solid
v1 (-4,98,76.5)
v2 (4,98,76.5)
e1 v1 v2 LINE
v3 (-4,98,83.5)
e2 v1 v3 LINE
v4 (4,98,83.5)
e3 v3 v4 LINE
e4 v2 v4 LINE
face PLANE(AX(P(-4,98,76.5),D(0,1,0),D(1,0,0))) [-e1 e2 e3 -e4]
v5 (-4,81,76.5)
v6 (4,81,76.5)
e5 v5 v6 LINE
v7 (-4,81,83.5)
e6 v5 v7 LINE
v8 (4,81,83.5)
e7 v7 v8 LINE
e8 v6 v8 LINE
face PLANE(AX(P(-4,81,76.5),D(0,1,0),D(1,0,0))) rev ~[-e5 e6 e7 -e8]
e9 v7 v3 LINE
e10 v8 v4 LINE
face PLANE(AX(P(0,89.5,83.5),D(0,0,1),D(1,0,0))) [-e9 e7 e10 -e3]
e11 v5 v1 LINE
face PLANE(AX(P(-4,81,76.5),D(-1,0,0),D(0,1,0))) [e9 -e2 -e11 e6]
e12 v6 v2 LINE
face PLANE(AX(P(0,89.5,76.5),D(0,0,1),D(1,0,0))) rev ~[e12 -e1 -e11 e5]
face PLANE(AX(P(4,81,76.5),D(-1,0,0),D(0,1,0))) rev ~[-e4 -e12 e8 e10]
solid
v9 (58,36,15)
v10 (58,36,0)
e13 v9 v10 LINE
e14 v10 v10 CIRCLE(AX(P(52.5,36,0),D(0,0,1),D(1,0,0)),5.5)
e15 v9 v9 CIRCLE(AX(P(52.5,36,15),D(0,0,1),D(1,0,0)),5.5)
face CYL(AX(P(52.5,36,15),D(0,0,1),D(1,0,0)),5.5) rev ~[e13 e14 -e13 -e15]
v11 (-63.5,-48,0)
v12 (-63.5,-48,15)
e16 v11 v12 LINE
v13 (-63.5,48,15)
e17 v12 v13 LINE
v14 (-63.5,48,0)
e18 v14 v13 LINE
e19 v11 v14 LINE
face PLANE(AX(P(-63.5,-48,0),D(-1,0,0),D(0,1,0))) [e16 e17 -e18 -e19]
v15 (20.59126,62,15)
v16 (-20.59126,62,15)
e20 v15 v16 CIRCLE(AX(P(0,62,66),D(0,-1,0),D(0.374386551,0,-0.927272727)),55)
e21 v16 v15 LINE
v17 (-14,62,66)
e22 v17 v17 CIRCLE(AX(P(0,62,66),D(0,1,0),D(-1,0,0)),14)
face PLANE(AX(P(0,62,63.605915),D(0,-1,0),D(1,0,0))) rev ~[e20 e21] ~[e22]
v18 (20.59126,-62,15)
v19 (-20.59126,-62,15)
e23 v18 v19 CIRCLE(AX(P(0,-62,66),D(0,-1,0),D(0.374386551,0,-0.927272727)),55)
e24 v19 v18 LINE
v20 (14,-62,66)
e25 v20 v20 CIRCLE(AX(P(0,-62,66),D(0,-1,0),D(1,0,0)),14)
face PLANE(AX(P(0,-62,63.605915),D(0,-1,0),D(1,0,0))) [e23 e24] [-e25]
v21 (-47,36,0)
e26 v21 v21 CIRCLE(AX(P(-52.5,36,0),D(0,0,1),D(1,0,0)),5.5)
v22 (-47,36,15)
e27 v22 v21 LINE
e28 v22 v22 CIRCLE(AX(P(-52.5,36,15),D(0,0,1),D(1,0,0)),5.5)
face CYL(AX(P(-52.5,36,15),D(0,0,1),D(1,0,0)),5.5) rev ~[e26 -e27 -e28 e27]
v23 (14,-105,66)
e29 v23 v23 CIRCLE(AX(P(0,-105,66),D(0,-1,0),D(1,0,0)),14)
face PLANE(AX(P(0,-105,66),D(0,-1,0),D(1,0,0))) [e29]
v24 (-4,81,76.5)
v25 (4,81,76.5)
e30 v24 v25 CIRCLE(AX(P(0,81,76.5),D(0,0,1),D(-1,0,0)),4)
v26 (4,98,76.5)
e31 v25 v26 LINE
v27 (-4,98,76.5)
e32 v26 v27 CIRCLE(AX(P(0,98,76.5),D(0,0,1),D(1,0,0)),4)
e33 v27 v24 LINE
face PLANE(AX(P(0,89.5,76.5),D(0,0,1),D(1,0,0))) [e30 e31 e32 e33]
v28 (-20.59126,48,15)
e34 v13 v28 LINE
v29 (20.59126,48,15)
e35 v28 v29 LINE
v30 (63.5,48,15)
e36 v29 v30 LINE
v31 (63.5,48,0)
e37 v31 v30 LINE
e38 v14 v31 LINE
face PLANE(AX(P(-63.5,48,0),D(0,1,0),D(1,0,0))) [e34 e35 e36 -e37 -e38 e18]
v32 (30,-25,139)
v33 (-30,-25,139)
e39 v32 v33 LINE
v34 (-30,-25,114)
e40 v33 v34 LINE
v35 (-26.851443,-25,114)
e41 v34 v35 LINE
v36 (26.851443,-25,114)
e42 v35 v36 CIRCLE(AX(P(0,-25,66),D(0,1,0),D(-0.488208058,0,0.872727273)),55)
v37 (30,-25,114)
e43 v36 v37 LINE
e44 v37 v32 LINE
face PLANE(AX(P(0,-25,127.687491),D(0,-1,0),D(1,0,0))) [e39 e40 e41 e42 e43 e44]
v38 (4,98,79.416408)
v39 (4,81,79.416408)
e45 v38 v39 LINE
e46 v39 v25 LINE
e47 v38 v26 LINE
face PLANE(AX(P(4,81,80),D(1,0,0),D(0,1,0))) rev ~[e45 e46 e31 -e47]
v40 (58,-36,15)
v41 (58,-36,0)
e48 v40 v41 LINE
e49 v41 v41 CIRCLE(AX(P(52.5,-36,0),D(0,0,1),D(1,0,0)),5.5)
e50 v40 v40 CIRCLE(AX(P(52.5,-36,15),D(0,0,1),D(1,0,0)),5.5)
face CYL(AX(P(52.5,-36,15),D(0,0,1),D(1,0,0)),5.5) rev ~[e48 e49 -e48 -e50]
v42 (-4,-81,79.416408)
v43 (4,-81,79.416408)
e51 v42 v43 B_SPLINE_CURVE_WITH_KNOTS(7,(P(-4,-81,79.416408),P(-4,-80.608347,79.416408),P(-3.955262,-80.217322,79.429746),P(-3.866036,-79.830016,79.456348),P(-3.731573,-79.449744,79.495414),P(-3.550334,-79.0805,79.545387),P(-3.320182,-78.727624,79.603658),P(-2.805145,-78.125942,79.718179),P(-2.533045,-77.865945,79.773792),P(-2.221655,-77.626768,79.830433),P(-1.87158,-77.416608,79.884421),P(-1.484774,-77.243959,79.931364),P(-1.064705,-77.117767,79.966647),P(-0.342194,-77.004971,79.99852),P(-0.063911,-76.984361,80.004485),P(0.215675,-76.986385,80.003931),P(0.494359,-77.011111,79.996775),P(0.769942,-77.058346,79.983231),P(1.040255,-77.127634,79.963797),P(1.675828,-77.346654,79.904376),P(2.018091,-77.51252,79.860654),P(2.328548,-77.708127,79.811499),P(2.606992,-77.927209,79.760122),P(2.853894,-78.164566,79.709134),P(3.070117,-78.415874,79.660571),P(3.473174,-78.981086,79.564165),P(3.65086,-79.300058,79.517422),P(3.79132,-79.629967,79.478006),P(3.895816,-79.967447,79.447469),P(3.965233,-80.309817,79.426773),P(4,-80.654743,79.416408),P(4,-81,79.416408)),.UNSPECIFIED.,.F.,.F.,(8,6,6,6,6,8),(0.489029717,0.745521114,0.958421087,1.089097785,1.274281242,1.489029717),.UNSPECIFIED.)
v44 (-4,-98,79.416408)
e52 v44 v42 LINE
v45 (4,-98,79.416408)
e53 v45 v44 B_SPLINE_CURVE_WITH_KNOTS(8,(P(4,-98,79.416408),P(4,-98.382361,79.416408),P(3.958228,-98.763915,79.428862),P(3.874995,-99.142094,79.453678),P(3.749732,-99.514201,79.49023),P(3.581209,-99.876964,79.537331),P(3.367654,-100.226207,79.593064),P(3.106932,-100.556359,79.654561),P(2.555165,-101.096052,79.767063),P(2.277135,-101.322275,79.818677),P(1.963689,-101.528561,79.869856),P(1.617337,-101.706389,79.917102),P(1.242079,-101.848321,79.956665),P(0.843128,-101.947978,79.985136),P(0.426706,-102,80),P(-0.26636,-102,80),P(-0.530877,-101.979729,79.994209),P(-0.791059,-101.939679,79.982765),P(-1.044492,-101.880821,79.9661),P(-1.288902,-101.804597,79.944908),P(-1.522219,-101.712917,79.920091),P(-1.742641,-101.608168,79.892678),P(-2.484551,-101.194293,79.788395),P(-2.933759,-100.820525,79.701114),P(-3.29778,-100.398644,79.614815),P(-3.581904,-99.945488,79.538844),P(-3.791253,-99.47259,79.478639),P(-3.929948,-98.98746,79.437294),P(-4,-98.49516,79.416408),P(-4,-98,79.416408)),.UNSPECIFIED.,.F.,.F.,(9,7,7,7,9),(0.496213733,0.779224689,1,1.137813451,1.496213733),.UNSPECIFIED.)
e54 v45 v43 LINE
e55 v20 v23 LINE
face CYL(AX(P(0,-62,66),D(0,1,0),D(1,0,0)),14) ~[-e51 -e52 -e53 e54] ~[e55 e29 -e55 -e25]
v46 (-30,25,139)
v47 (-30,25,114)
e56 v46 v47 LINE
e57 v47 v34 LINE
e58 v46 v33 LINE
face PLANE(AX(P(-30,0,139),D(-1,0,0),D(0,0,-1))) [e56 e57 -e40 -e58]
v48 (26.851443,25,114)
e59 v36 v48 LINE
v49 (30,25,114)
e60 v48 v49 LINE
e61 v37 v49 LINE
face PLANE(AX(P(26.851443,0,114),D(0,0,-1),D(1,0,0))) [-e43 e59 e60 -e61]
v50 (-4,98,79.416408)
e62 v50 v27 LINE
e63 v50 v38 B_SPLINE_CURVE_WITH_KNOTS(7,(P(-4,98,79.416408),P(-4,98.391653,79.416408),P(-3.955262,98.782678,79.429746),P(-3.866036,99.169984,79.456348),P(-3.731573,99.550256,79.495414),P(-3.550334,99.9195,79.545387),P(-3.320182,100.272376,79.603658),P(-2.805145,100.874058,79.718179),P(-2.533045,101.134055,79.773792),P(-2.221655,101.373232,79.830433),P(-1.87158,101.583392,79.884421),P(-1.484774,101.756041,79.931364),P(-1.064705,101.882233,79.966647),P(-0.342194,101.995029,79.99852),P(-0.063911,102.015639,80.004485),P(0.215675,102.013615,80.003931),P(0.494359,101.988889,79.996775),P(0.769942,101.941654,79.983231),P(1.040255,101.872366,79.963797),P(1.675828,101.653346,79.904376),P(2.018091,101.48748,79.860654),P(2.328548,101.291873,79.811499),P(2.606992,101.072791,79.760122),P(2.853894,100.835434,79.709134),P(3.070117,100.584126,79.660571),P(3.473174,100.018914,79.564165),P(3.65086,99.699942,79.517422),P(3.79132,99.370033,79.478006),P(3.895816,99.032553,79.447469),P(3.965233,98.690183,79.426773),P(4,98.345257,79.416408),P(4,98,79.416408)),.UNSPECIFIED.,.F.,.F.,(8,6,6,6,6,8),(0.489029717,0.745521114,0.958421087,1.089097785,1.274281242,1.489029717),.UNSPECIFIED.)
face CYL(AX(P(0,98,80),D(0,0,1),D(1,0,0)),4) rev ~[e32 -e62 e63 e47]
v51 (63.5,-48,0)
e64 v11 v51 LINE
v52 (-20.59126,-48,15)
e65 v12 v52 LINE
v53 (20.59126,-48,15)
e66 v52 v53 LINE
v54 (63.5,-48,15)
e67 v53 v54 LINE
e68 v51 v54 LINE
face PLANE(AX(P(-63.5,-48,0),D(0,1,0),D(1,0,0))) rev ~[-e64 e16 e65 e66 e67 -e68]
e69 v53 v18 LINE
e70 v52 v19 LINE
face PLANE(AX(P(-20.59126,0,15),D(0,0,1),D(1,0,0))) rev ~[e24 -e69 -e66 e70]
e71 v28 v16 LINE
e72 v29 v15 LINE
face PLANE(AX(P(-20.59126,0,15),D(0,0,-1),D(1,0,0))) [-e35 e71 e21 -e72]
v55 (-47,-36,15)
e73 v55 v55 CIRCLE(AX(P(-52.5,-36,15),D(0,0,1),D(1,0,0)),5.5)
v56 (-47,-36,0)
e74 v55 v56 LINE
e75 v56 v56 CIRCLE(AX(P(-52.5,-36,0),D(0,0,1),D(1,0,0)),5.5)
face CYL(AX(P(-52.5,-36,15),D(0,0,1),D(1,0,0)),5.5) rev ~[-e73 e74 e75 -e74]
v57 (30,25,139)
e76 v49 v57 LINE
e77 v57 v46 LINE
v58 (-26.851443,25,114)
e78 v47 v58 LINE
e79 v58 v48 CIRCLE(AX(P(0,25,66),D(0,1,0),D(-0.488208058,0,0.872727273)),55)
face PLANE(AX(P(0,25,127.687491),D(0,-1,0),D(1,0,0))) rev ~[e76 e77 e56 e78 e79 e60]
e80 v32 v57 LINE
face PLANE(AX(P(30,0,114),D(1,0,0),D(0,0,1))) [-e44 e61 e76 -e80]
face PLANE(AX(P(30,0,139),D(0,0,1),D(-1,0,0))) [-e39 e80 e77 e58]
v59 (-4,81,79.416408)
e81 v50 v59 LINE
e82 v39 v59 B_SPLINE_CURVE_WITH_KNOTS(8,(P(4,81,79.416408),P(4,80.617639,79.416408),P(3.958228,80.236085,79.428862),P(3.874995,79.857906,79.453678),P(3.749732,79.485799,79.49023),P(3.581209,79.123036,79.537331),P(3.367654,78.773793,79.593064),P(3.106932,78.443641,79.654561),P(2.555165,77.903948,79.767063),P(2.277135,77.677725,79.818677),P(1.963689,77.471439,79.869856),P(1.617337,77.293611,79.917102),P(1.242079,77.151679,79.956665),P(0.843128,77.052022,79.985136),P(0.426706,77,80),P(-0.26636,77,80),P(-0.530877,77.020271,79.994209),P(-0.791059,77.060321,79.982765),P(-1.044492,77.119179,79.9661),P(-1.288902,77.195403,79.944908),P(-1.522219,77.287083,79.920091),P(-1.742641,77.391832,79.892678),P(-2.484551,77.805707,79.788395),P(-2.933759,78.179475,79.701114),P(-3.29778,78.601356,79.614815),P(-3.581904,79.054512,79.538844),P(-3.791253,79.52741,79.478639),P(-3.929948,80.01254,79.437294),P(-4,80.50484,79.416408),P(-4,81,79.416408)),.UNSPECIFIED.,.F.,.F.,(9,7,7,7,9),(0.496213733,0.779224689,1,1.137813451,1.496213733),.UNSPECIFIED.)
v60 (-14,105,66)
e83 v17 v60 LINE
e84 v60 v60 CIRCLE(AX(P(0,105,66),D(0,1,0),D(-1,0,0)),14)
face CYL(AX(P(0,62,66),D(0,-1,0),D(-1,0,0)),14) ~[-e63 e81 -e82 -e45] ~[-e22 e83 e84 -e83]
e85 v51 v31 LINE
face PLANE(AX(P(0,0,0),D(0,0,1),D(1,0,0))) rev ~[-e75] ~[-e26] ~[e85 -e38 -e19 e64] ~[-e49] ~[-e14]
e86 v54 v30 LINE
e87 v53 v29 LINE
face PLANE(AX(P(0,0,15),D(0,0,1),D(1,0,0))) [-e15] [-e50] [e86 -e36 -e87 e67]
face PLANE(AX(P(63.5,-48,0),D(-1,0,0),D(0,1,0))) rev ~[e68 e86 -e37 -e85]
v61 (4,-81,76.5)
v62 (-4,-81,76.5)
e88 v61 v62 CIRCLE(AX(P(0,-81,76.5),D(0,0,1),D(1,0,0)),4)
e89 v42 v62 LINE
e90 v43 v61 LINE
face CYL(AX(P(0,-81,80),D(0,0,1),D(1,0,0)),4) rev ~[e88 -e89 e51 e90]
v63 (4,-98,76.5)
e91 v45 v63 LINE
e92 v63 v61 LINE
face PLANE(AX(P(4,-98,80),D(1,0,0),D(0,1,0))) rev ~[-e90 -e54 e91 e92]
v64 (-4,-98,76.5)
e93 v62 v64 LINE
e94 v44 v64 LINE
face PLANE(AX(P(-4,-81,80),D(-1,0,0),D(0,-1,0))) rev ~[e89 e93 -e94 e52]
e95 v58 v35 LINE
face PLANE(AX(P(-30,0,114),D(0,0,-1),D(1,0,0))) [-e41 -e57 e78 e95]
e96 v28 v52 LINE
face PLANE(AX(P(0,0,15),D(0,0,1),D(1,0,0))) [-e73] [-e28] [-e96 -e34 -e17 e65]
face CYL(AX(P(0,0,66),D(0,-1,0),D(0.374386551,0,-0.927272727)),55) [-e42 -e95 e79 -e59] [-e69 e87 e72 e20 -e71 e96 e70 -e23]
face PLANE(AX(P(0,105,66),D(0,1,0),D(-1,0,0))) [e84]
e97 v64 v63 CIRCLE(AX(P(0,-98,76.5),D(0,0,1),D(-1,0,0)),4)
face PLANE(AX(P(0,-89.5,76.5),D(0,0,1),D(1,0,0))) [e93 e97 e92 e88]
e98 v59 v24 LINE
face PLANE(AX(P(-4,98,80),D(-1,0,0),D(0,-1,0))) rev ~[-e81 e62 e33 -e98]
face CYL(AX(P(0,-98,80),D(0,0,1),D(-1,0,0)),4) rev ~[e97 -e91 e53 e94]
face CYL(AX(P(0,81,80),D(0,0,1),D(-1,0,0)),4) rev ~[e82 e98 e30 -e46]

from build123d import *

# Parameters (mm, degrees)
F0_W           = 127
F0_H           = 96
F1_DEPTH       = 15
F3_DEPTH       = 62
F3_DEPTH_BACK  = 62
F4_R           = 14
F5_DEPTH       = 43
F6_R           = 14
F7_DEPTH       = 43
F10_DEPTH      = 3.5
F12_D          = 11
F12_DEPTH      = 15.001
F14_DEPTH      = 25
F14_DEPTH_BACK = 25
F15_W          = 8
F15_H          = 17
F16_DEPTH      = 7
F17_W          = 8
F17_H          = 17
F18_DEPTH      = 7


with BuildPart() as f1:
    # F0 (on Top) → F1 (new body)
    with BuildSketch(Plane.XY):
        Rectangle(F0_W, F0_H)
    extrude(amount=F1_DEPTH)

    # F2 (on Front) → F3 (join, two sides)
    with BuildSketch(Plane.XZ) as f3_sk:
        with BuildLine():
            Line((-20.591260282, 15), (20.591260282, 15))
            ThreePointArc((20.591260282, 15), (0, 121), (-20.591260282, 15))
        make_face()
    extrude(amount=F3_DEPTH)
    extrude(f3_sk.sketch, amount=-F3_DEPTH_BACK)

    # F4 (on face) → F5 (join)
    with BuildSketch(Plane(origin=(0, 62, 0), x_dir=(-1, 0, 0), z_dir=(0, 1, 0))):
        with Locations((0, 66)):
            Circle(F4_R)
    extrude(amount=F5_DEPTH)

    # F6 (on face) → F7 (join)
    with BuildSketch(Plane.XZ.offset(62)):
        with Locations((0, 66)):
            Circle(F6_R)
    extrude(amount=F7_DEPTH)

    # F9 (on offset) → F10 (cut)
    with BuildSketch(Plane.XY.offset(80)):
        with BuildLine():
            ThreePointArc((4, 98), (0, 102), (-4, 98))
            Line((-4, 98), (-4, 81))
            ThreePointArc((-4, 81), (0, 77), (4, 81))
            Line((4, 81), (4, 98))
        make_face()
        with BuildLine():
            ThreePointArc((4, -81), (0, -77), (-4, -81))
            Line((-4, -81), (-4, -98))
            ThreePointArc((-4, -98), (0, -102), (4, -98))
            Line((4, -98), (4, -81))
        make_face()
    extrude(amount=-F10_DEPTH, mode=Mode.SUBTRACT)

    # F12 (through all, one way)
    with BuildSketch(Plane.XY.offset(15)):
        with Locations((52.5, 36), (52.5, -36), (-52.5, -36), (-52.5, 36)):
            Circle(F12_D / 2)
    extrude(amount=-F12_DEPTH, mode=Mode.SUBTRACT)

    # F13 (on Front) → F14 (join, two sides)
    with BuildSketch(Plane.XZ) as f14_sk:
        with BuildLine():
            Line((30, 139), (-30, 139))
            Line((-30, 139), (-30, 114))
            Line((-30, 114), (-26.8514431642, 114))
            ThreePointArc((-26.8514431642, 114), (0, 121), (26.8514431642, 114))
            Line((26.8514431642, 114), (30, 114))
            Line((30, 114), (30, 139))
        make_face()
    extrude(amount=F14_DEPTH)
    extrude(f14_sk.sketch, amount=-F14_DEPTH_BACK)


with BuildPart() as f16:
    # F15 (on face) → F16 (new body)
    with BuildSketch(Plane.XY.offset(76.5)):
        with Locations((0, 89.5)):
            Rectangle(F15_W, F15_H)
    extrude(amount=F16_DEPTH)


with BuildPart() as f18:
    # F17 (on face) → F18 (new body)
    with BuildSketch(Plane.XY.offset(76.5)):
        with Locations((0, -89.5)):
            Rectangle(F17_W, F17_H)
    extrude(amount=F18_DEPTH)


solid = Compound([f1.part, f16.part])
